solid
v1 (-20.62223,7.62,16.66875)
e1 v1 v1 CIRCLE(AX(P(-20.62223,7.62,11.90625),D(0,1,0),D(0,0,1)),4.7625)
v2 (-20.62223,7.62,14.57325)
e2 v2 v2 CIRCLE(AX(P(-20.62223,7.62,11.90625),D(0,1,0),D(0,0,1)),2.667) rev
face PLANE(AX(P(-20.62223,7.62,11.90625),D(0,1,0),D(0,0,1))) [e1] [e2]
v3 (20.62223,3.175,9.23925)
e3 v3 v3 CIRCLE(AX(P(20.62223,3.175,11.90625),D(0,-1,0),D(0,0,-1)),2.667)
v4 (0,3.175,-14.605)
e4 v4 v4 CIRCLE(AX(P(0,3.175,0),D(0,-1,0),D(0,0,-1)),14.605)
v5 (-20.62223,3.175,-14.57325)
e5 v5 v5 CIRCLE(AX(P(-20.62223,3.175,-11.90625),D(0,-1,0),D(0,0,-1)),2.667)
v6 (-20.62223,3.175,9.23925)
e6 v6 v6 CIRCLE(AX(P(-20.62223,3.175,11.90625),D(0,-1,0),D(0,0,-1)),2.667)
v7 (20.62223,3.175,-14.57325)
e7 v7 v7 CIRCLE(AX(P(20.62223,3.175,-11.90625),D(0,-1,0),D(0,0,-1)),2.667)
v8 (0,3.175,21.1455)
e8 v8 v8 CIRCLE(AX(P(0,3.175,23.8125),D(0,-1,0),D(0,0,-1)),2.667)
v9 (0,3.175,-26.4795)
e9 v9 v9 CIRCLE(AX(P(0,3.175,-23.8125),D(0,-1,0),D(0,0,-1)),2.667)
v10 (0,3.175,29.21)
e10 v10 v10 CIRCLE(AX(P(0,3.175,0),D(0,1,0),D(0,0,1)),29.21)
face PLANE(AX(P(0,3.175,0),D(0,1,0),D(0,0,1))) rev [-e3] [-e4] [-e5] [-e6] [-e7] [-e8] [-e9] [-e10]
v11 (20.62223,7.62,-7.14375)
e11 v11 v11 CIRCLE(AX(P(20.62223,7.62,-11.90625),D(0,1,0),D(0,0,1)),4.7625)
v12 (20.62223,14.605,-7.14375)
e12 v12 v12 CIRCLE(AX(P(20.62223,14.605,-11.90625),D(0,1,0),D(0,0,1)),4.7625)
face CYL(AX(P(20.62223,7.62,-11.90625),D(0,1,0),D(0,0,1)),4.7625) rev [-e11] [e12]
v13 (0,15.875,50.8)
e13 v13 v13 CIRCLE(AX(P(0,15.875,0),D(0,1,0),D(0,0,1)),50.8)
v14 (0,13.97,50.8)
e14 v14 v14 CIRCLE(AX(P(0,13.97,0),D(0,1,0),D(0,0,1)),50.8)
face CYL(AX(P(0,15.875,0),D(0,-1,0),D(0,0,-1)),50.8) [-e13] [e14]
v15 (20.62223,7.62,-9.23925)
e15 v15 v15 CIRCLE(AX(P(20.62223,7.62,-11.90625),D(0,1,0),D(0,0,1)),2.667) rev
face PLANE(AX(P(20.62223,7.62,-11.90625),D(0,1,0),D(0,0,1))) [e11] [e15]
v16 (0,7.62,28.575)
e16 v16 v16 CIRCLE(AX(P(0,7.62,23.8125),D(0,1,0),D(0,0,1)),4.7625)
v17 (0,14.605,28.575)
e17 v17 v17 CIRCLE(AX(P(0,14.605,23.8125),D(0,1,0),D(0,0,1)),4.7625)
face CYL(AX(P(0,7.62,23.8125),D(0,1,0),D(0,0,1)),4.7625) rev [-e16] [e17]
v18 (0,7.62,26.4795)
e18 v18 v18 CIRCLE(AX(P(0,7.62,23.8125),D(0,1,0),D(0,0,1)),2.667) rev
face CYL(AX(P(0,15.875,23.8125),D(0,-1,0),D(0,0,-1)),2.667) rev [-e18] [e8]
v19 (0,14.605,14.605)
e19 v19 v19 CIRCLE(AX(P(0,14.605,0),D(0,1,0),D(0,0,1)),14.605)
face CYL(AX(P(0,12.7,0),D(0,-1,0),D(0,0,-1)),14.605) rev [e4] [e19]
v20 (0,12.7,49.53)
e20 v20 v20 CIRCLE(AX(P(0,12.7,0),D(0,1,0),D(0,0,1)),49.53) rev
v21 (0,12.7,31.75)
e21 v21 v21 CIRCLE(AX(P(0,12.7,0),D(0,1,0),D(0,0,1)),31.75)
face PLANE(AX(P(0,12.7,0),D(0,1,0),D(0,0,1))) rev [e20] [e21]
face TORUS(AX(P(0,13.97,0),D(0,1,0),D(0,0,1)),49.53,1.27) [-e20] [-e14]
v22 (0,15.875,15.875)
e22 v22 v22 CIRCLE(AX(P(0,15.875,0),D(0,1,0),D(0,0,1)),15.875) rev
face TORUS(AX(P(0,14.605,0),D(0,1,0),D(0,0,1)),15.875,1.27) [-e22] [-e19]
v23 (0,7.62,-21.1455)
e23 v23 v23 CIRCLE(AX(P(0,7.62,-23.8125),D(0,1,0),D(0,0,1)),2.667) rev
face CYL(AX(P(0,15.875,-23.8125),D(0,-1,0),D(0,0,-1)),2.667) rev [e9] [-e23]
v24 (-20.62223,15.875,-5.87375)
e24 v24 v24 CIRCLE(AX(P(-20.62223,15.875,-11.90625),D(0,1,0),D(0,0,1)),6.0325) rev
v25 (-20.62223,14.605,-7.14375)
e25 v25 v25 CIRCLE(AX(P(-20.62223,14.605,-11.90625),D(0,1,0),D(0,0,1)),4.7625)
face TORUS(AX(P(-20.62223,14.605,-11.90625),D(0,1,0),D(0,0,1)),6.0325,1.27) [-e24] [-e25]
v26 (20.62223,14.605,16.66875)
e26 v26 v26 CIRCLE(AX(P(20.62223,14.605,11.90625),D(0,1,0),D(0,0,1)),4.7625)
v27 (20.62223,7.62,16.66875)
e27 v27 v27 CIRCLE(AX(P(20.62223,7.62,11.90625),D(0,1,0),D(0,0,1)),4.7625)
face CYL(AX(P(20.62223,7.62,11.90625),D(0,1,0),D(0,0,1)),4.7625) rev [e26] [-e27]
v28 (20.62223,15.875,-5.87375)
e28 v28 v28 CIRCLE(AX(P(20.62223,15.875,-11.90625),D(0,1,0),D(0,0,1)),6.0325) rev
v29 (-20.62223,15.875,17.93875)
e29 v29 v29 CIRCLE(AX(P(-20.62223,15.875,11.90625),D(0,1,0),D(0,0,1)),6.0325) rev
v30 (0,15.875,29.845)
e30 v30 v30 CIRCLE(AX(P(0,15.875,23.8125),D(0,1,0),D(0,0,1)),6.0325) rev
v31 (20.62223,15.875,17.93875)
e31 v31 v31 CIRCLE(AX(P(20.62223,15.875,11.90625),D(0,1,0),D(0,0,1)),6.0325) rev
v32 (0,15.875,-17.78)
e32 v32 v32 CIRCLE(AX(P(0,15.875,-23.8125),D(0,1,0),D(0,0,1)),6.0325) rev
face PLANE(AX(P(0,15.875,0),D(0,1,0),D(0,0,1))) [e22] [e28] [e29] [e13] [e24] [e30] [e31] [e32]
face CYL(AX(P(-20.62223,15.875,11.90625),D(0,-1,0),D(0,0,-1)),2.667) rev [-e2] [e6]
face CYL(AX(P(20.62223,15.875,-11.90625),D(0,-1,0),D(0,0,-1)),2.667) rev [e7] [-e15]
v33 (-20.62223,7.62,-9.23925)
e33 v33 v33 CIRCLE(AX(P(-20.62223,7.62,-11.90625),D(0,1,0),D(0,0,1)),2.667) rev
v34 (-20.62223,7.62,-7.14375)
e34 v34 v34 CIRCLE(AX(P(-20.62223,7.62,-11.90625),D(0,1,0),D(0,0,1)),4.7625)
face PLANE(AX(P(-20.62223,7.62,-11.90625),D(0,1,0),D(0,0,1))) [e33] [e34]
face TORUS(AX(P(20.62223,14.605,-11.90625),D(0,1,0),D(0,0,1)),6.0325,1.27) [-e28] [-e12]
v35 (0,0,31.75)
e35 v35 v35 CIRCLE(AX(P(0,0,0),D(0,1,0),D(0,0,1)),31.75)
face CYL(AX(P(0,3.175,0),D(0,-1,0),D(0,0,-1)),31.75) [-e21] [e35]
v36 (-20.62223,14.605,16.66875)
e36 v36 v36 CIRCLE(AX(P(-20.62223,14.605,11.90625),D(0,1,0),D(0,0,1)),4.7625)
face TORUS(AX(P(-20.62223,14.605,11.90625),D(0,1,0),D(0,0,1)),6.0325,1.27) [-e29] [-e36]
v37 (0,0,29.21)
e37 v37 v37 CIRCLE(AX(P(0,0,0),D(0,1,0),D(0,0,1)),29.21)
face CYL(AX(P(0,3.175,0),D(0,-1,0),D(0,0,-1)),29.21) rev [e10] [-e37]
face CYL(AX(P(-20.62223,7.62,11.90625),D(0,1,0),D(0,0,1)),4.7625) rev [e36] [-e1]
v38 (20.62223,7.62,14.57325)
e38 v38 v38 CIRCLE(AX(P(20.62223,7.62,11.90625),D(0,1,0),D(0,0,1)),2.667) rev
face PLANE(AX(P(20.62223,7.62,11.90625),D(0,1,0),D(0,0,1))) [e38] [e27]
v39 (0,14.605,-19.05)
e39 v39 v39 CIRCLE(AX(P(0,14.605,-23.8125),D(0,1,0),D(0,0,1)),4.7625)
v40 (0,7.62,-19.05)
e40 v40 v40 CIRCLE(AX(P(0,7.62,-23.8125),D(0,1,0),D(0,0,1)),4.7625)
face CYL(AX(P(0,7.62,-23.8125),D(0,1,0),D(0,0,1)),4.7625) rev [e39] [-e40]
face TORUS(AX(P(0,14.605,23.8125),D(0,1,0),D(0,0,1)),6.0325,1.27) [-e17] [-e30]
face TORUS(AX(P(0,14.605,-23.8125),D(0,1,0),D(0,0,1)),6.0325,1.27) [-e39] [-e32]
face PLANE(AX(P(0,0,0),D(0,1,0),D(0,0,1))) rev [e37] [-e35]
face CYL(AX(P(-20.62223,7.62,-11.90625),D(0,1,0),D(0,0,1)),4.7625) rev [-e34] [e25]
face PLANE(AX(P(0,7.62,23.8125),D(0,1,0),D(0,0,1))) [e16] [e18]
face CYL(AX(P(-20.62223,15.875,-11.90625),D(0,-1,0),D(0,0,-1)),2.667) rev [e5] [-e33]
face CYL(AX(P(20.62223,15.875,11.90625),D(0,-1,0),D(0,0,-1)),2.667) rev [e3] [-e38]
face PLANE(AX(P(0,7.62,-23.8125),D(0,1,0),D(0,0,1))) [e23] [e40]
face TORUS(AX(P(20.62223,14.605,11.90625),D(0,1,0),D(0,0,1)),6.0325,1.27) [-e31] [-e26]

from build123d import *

# Parameters (mm, degrees)
SKETCH1_R           = 31.75
SKETCH1_R_2         = 29.21
BOSS_EXTRUDE1_DEPTH = 3.175
SKETCH2_R           = 31.75
BOSS_EXTRUDE2_DEPTH = 9.525
SKETCH3_R           = 14.605
CUT_EXTRUDE1_DEPTH  = 10.525
SKETCH4_R           = 50.8
SKETCH4_R_2         = 14.605
RIM_DEPTH           = 3.175
SKETCH5_R           = 2.667
CUT_EXTRUDE_R_DEPTH = 13.7
SKETCH6_R           = 4.7625
CUT_EXTRUDE3_DEPTH  = 8.255
FILLET1_R           = 1.27


with BuildPart() as part:
    # Sketch1 → Boss-Extrude1 (new body)
    with BuildSketch(Plane(origin=(0, 0, 0), x_dir=(1, 0, 0), z_dir=(0, 1, 0))):
        Circle(SKETCH1_R)
        Circle(SKETCH1_R_2, mode=Mode.SUBTRACT)
    extrude(amount=BOSS_EXTRUDE1_DEPTH)

    # Sketch2 → Boss-Extrude2 (add)
    with BuildSketch(Plane(origin=(0, 3.175, 0), x_dir=(1, 0, 0), z_dir=(0, 1, 0))):
        Circle(SKETCH2_R)
    extrude(amount=BOSS_EXTRUDE2_DEPTH)

    # Sketch3 → Cut-Extrude1 (cut, through all)
    with BuildSketch(Plane.XZ.offset(-3.175)):
        Circle(SKETCH3_R)
    extrude(amount=-CUT_EXTRUDE1_DEPTH, mode=Mode.SUBTRACT)

    # Sketch4 → Rim (add)
    with BuildSketch(Plane(origin=(0, 12.7, 0), x_dir=(1, 0, 0), z_dir=(0, 1, 0))):
        Circle(SKETCH4_R)
        Circle(SKETCH4_R_2, mode=Mode.SUBTRACT)
    extrude(amount=RIM_DEPTH)

    # Sketch5 → Cut-Extrude r (cut, through all)
    with BuildSketch(Plane.XZ.offset(-3.175)):
        with Locations((0, 23.8125)):
            Circle(SKETCH5_R)
        with Locations((20.622229928, 11.90625)):
            Circle(SKETCH5_R)
        with Locations((20.622229928, -11.90625)):
            Circle(SKETCH5_R)
        with Locations((0, -23.8125)):
            Circle(SKETCH5_R)
        with Locations((-20.622229928, -11.90625)):
            Circle(SKETCH5_R)
        with Locations((-20.622229928, 11.90625)):
            Circle(SKETCH5_R)
    extrude(amount=-CUT_EXTRUDE_R_DEPTH, mode=Mode.SUBTRACT)

    # Sketch6 → Cut-Extrude3 (cut)
    with BuildSketch(Plane(origin=(0, 15.875, 0), x_dir=(1, 0, 0), z_dir=(0, 1, 0))):
        with Locations((20.622229928, -11.90625)):
            Circle(SKETCH6_R)
        with Locations((0, -23.8125)):
            Circle(SKETCH6_R)
        with Locations((-20.622229928, -11.90625)):
            Circle(SKETCH6_R)
        with Locations((-20.622229928, 11.90625)):
            Circle(SKETCH6_R)
        with Locations((0, 23.8125)):
            Circle(SKETCH6_R)
        with Locations((20.622229928, 11.90625)):
            Circle(SKETCH6_R)
    extrude(amount=-CUT_EXTRUDE3_DEPTH, mode=Mode.SUBTRACT)

    # Fillet1
    fillet1_edges = [part.edges().sort_by_distance(p)[0] for p in [
        (-50.8, 12.7, 0),
        (-14.605, 15.875, 0),
        (15.859729928, 15.875, -11.90625),
        (-4.7625, 15.875, -23.8125),
        (-25.384729928, 15.875, -11.90625),
        (-25.384729928, 15.875, 11.90625),
        (-4.7625, 15.875, 23.8125),
        (15.859729928, 15.875, 11.90625),
    ]]
    fillet(fillet1_edges, radius=FILLET1_R)


solid = part.part
